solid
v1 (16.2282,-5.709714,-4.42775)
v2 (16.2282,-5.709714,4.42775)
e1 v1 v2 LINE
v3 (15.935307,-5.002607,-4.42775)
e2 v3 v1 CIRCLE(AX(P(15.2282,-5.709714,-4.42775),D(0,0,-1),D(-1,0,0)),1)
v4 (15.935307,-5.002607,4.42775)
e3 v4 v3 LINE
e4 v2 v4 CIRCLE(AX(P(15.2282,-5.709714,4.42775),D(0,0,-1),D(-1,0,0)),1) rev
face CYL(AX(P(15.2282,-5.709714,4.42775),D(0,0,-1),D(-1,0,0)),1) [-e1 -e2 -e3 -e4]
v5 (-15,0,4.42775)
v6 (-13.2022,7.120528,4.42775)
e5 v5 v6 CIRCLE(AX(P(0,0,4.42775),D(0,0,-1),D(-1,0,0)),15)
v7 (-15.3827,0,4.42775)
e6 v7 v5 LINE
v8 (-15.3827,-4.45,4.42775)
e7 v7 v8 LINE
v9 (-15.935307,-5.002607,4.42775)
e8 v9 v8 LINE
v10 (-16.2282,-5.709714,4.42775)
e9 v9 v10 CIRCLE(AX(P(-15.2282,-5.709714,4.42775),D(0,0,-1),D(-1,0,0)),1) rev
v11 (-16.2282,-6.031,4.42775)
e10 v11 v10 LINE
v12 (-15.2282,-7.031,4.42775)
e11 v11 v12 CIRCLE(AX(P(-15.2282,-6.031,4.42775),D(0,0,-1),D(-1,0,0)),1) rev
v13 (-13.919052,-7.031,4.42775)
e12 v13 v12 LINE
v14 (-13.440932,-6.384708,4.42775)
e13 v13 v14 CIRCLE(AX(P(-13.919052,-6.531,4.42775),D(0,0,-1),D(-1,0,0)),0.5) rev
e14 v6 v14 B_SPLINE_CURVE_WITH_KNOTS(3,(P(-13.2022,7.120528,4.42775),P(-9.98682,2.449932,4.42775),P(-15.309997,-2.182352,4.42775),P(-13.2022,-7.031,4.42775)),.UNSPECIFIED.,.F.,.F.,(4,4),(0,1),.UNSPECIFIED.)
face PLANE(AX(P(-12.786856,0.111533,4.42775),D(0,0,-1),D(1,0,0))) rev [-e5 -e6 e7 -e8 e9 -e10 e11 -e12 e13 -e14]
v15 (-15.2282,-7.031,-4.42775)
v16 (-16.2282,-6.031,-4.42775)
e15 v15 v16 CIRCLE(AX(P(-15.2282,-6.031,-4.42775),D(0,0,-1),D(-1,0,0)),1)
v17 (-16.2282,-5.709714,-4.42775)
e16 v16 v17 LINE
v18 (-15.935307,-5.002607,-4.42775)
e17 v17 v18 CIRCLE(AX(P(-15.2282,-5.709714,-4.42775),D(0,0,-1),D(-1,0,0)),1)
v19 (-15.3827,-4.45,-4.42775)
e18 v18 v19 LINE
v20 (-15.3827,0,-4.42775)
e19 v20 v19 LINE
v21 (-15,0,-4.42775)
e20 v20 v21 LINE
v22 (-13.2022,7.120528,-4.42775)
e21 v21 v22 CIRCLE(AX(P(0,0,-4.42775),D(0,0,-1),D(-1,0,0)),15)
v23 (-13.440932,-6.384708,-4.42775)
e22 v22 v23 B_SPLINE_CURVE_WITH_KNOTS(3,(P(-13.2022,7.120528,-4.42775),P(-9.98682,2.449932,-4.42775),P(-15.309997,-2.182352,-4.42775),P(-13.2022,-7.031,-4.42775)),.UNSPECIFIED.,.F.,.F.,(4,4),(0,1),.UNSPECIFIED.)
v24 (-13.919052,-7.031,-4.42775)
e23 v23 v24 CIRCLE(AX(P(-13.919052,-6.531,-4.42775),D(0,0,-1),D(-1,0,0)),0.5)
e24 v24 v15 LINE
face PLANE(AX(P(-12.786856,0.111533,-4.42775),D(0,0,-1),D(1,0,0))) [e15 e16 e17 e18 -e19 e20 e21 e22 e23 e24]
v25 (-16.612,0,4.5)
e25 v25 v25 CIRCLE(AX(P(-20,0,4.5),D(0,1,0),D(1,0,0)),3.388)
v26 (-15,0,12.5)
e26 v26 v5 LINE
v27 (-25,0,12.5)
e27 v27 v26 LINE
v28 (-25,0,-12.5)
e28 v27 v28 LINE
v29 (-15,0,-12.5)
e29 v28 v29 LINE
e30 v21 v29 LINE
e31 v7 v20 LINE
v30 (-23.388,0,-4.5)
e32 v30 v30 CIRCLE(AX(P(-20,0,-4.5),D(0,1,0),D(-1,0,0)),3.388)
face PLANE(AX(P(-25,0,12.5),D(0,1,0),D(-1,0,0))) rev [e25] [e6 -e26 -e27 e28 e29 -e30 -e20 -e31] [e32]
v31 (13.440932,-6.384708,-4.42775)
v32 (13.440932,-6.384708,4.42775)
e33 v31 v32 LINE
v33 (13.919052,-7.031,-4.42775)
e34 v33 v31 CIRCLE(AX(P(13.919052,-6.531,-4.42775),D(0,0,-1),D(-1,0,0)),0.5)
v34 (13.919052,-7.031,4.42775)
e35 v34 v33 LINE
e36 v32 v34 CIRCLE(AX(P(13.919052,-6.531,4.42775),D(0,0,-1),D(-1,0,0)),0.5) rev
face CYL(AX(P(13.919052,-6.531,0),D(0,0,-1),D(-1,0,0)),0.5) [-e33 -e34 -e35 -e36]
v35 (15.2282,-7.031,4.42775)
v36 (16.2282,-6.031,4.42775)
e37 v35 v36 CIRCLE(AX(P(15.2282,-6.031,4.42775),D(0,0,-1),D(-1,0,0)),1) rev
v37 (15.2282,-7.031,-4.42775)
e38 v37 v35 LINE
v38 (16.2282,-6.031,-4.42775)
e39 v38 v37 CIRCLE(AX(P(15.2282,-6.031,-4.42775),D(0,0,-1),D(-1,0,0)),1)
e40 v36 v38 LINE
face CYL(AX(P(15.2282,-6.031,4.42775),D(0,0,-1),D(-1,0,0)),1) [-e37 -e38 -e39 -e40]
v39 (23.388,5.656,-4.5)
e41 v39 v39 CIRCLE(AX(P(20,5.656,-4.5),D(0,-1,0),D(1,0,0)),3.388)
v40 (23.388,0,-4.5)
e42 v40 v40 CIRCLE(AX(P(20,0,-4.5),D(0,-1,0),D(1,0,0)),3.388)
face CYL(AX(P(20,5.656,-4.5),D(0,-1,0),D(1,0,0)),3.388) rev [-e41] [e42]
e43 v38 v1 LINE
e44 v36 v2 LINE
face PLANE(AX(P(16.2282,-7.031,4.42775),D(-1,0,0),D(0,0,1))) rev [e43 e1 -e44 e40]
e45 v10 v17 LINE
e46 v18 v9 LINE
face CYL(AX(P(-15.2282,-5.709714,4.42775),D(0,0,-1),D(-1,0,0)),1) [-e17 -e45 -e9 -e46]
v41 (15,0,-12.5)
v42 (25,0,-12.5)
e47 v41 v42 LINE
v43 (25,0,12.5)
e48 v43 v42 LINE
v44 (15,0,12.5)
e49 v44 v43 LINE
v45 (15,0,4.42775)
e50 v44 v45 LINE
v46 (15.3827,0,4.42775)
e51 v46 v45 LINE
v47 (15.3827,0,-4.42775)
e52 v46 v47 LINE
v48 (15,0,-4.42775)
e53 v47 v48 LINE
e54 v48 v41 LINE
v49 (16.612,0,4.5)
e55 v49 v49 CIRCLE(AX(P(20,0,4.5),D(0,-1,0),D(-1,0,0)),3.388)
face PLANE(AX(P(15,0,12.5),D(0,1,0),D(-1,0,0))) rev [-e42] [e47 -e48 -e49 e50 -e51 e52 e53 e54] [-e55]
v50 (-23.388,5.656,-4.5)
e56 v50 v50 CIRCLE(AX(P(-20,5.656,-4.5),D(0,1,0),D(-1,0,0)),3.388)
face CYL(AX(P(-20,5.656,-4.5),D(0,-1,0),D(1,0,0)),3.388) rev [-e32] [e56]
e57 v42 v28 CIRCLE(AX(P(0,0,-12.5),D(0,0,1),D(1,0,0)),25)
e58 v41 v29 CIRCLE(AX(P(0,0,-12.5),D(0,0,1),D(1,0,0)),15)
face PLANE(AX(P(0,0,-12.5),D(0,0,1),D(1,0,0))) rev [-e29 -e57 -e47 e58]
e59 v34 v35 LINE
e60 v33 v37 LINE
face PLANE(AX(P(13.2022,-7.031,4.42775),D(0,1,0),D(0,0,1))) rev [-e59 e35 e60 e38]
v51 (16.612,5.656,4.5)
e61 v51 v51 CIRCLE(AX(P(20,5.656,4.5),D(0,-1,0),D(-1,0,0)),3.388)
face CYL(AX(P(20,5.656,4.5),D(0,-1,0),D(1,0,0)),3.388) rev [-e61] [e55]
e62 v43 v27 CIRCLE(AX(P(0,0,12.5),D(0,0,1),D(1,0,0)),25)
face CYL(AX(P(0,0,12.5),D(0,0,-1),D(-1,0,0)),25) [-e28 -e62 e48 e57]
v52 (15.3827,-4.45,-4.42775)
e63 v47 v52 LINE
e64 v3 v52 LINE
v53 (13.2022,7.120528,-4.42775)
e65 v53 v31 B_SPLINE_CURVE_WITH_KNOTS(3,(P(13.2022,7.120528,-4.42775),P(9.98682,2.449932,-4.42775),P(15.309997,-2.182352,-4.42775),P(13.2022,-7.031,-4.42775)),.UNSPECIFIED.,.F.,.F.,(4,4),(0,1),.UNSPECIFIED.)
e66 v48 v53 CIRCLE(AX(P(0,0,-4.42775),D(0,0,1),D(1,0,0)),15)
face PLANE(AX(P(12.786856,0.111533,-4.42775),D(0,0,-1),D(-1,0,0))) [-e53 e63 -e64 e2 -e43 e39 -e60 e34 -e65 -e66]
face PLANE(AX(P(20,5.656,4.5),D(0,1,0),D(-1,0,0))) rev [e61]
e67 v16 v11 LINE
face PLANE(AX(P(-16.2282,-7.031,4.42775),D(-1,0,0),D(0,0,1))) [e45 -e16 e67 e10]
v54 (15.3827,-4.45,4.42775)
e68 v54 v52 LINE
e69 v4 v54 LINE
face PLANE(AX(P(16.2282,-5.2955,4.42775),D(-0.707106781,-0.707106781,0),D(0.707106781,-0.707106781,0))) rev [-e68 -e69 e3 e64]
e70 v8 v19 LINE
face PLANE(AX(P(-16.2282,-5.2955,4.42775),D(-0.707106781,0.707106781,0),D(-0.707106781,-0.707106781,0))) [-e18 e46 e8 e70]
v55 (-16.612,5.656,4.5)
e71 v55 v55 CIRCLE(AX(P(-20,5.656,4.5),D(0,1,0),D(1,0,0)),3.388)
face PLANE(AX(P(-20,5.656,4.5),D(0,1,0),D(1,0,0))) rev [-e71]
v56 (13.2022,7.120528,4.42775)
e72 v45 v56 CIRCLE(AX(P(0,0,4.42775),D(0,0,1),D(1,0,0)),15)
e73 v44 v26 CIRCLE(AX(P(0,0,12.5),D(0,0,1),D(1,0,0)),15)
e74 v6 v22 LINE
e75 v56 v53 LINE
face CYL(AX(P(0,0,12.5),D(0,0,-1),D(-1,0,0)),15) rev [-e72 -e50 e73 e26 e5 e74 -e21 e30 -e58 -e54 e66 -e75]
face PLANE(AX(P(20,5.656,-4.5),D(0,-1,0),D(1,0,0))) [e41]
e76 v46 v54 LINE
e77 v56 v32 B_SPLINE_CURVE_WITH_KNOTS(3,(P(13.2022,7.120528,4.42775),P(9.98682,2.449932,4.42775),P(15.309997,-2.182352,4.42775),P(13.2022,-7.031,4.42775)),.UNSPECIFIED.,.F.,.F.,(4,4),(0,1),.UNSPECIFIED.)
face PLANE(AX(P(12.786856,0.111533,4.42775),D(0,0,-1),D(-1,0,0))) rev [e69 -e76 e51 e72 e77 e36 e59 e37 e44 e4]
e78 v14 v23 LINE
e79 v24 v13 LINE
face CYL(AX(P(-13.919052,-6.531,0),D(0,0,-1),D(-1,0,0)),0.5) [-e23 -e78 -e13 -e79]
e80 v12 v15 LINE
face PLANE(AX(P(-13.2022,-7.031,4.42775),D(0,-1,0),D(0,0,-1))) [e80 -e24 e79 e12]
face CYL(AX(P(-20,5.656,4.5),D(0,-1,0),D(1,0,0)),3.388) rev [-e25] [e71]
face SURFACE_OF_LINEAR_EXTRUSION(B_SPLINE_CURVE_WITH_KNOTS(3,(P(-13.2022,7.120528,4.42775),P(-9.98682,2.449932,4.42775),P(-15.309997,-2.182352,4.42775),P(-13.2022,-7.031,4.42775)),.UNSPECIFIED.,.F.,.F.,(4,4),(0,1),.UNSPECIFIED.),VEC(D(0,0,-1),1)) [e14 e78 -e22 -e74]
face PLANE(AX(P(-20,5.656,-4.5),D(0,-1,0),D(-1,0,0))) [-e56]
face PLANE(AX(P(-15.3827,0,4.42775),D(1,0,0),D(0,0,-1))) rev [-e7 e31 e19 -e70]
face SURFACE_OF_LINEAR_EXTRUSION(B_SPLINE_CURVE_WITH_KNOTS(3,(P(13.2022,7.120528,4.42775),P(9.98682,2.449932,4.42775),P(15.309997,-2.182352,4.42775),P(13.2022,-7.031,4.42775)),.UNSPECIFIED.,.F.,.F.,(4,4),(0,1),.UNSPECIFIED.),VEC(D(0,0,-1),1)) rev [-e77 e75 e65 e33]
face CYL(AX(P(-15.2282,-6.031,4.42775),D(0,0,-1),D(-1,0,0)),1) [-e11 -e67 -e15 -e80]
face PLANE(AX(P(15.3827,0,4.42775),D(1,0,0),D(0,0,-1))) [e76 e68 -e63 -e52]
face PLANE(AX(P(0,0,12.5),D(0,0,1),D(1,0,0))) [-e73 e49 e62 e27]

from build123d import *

# Parameters (mm, degrees)
BOSS_EXTRUDE1_DEPTH = 12.5
BOSS_EXTRUDE3_DEPTH = 4.42775
FILLET1_R           = 1
FILLET2_R           = 1
FILLET5_R           = 1
FILLET6_R           = 1
SKETCH4_R           = 3.388
CUT_EXTRUDE1_DEPTH  = 5.656
FILLET7_R           = 0.5


with BuildPart() as part:
    # Sketch1 → Boss-Extrude1 (new body, symmetric)
    with BuildSketch(Plane.XY):
        with BuildLine():
            Line((-25, 0), (-15, 0))
            ThreePointArc((-15, 0), (0, 15), (15, 0))
            Line((15, 0), (25, 0))
            ThreePointArc((25, 0), (0, 25), (-25, 0))
        make_face()
    extrude(amount=BOSS_EXTRUDE1_DEPTH, both=True)

    # Sketch3 → Boss-Extrude3 (add, symmetric)
    with BuildSketch(Plane.XY):
        with BuildLine():
            Line((15.3827, 0), (15.3827, -4.45))
            Line((15.3827, -4.45), (16.2282, -5.2955))
            Line((16.2282, -5.2955), (16.2282, -7.031))
            Line((16.2282, -7.031), (13.2022, -7.031))
            add(Edge.make_bspline(
                [(13.2022, 7.12052773), (9.986819902, 2.44993192), (15.309996934, -2.18235212), (13.2022, -7.031)],
                knots=[0, 0, 0, 0, 1, 1, 1, 1], degree=3))
            ThreePointArc((13.2022, 7.12052773), (14.543606843, 3.671988562), (15, 0))
            Line((15, 0), (15.3827, 0))
        make_face()
    boss_extrude3 = extrude(amount=BOSS_EXTRUDE3_DEPTH, both=True)

    # Mirror11: Boss-Extrude3 across plane
    add(boss_extrude3.mirror(Plane(origin=(0, 0, 0), x_dir=(0, 0, 1), z_dir=(1, 0, 0))))

    # Fillet1
    fillet1_edges = [part.edges().sort_by_distance(p)[0] for p in [
        (16.2282, -7.031, 0),
    ]]
    fillet(fillet1_edges, radius=FILLET1_R)

    # Fillet2
    fillet2_edges = [part.edges().sort_by_distance(p)[0] for p in [
        (-16.2282, -7.031, 0),
    ]]
    fillet(fillet2_edges, radius=FILLET2_R)

    # Fillet5
    fillet5_edges = [part.edges().sort_by_distance(p)[0] for p in [
        (16.2282, -5.2955, 0),
    ]]
    fillet(fillet5_edges, radius=FILLET5_R)

    # Fillet6
    fillet6_edges = [part.edges().sort_by_distance(p)[0] for p in [
        (-16.2282, -5.2955, 0),
    ]]
    fillet(fillet6_edges, radius=FILLET6_R)

    # Sketch4 → Cut-Extrude1 (cut)
    with BuildSketch(Plane.XZ):
        with Locations((20, -4.5)):
            Circle(SKETCH4_R)
        with Locations((20, 4.5)):
            Circle(SKETCH4_R)
    cut_extrude1 = extrude(amount=-CUT_EXTRUDE1_DEPTH, mode=Mode.SUBTRACT)

    # Mirror12: Cut-Extrude1 across plane
    add(cut_extrude1.mirror(Plane(origin=(0, 0, 0), x_dir=(0, 0, 1), z_dir=(1, 0, 0))), mode=Mode.SUBTRACT)

    # Fillet7
    fillet7_edges = [part.edges().sort_by_distance(p)[0] for p in [
        (13.2022, -7.031, 2.213875),
        (-13.2022, -7.031, -2.213875),
    ]]
    fillet(fillet7_edges, radius=FILLET7_R)


solid = part.part
